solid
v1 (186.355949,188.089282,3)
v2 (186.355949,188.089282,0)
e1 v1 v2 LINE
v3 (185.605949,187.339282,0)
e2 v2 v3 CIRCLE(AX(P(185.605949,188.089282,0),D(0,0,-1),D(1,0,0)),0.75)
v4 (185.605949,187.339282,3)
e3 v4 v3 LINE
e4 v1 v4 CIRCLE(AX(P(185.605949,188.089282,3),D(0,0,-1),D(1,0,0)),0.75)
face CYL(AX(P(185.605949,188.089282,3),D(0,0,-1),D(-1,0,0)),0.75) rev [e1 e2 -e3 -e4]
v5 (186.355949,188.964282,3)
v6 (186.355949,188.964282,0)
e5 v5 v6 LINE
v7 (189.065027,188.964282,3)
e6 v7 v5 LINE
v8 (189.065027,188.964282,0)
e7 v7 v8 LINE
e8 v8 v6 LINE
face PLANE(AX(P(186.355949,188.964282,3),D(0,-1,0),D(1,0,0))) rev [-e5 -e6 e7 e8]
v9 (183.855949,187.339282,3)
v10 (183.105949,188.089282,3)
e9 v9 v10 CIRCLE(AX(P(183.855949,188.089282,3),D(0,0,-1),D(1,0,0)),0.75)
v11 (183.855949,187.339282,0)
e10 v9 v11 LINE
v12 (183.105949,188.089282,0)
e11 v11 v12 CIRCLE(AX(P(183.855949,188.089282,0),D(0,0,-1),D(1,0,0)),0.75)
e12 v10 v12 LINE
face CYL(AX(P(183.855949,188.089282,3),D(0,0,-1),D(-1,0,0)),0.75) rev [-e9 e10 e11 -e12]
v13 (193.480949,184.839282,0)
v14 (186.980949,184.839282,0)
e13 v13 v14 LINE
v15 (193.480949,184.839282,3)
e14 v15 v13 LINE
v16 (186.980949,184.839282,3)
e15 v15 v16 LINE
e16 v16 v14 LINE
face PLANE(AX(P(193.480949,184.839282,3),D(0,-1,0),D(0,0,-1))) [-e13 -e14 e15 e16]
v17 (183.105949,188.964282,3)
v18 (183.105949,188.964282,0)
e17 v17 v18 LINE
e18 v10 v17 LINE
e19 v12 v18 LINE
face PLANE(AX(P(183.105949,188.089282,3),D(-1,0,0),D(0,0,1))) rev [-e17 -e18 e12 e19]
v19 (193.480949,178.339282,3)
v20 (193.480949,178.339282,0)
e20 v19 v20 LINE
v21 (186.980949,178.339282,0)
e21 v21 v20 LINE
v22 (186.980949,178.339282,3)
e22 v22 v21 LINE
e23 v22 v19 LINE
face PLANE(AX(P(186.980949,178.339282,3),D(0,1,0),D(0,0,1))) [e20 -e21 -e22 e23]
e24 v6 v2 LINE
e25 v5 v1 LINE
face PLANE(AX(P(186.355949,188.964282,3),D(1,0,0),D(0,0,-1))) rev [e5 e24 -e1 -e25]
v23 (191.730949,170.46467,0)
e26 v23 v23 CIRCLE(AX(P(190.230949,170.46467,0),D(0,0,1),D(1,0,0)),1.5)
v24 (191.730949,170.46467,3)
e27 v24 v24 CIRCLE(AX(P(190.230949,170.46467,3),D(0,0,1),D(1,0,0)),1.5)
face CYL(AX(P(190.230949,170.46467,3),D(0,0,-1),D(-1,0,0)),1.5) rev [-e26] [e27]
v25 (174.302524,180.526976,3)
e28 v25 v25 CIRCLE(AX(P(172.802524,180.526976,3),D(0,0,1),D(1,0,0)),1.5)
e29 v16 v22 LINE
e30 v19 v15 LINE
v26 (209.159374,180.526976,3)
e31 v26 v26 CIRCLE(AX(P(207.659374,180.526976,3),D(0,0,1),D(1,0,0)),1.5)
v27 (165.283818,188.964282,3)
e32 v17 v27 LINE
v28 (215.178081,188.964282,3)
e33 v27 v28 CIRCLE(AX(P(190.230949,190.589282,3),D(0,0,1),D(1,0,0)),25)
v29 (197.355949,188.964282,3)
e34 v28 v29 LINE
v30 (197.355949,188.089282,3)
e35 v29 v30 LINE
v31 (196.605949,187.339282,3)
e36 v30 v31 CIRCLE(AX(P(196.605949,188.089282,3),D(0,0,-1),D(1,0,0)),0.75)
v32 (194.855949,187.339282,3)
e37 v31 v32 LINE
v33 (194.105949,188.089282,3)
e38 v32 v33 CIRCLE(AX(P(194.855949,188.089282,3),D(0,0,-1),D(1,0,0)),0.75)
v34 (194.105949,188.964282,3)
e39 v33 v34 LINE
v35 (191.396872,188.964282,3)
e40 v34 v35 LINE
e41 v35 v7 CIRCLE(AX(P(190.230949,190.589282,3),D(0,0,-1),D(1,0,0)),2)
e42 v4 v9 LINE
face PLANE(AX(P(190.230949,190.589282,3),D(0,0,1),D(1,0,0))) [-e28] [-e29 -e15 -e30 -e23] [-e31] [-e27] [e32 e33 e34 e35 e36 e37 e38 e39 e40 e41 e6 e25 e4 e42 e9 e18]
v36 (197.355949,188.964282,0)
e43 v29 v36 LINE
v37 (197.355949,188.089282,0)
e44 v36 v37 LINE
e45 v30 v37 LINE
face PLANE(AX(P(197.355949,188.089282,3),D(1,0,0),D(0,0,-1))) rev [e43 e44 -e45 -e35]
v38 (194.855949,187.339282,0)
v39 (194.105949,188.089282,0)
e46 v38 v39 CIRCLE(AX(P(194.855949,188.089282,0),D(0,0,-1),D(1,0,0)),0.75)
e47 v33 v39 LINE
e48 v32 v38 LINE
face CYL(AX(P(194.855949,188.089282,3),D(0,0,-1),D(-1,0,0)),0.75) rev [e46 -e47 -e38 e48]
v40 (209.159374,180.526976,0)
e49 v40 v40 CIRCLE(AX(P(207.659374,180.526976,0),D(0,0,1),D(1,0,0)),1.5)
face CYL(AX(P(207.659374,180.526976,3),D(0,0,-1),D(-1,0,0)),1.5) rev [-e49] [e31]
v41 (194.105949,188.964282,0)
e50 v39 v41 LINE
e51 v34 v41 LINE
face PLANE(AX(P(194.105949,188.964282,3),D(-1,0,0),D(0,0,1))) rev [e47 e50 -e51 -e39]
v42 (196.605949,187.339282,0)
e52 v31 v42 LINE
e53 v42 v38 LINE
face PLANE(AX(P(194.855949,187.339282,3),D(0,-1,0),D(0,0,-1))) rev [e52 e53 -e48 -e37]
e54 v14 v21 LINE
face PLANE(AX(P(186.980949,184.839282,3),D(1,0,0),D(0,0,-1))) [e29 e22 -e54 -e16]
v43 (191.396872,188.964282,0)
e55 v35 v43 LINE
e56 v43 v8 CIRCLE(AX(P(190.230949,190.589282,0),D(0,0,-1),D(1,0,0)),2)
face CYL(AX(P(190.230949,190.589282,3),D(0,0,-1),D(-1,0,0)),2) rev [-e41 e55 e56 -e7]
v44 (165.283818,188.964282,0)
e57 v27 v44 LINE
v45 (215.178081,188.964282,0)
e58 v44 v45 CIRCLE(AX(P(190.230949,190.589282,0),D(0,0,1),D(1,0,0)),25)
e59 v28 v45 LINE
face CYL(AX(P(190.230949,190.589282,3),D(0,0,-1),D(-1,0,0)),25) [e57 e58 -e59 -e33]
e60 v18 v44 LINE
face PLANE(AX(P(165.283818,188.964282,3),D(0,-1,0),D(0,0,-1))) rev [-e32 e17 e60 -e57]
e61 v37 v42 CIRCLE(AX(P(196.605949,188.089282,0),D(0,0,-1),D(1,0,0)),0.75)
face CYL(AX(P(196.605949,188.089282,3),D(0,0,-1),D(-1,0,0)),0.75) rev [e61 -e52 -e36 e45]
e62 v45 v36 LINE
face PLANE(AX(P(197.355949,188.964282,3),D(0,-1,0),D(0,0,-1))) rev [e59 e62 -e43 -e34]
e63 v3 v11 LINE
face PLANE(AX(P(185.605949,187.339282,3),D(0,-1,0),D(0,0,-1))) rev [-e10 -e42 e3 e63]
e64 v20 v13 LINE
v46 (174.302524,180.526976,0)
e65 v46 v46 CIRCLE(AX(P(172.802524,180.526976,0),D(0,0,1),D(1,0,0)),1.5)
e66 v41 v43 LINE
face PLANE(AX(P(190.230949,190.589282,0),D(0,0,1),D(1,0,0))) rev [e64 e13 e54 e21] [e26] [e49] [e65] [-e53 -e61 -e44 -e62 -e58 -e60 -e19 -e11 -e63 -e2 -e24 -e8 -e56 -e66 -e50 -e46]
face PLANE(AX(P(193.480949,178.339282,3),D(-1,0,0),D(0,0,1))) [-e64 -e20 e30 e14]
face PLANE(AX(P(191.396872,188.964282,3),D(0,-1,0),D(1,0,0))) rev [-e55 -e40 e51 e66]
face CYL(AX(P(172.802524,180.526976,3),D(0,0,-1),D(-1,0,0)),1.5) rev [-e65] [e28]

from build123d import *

# Parameters (mm, degrees)
MODEL_R                 = 1.5
MODEL_W                 = 6.5
MODEL_H                 = 6.5
SALIENTE_EXTRUIR1_DEPTH = 3


with BuildPart() as part:
    # Model → Saliente-Extruir1 (new body)
    with BuildSketch(Plane.XY):
        with BuildLine():
            Line((191.396871733, 188.964281637), (194.105949351, 188.964281637))
            Line((194.105949351, 188.964281637), (194.105949351, 188.089281637))
            ThreePointArc((194.105949351, 188.089281637), (194.325619265, 187.558951551), (194.855949351, 187.339281637))
            Line((194.855949351, 187.339281637), (196.605949351, 187.339281637))
            ThreePointArc((196.605949351, 187.339281637), (197.136279437, 187.558951551), (197.355949351, 188.089281637))
            Line((197.355949351, 188.089281637), (197.355949351, 188.964281637))
            Line((197.355949351, 188.964281637), (215.17808095, 188.964281637))
            ThreePointArc((215.17808095, 188.964281637), (208.476468276, 173.498317967), (193.480949351, 165.80143179))
            ThreePointArc((193.480949351, 165.80143179), (174.362087289, 171.27143453), (165.283817753, 188.964281637))
            Line((165.283817753, 188.964281637), (183.105949351, 188.964281637))
            Line((183.105949351, 188.964281637), (183.105949351, 188.089281637))
            ThreePointArc((183.105949351, 188.089281637), (183.325619265, 187.558951551), (183.855949351, 187.339281637))
            Line((183.855949351, 187.339281637), (185.605949351, 187.339281637))
            ThreePointArc((185.605949351, 187.339281637), (186.136279437, 187.558951551), (186.355949351, 188.089281637))
            Line((186.355949351, 188.089281637), (186.355949351, 188.964281637))
            Line((186.355949351, 188.964281637), (189.06502697, 188.964281637))
            ThreePointArc((189.06502697, 188.964281637), (190.230949351, 188.589281637), (191.396871733, 188.964281637))
        make_face()
        with Locations((172.802524293, 180.526975738)):
            Circle(MODEL_R, mode=Mode.SUBTRACT)
        with Locations((190.230949351, 170.464669839)):
            Circle(MODEL_R, mode=Mode.SUBTRACT)
        with Locations((207.659374409, 180.526975738)):
            Circle(MODEL_R, mode=Mode.SUBTRACT)
        with Locations((190.230949351, 181.589281637)):
            Rectangle(MODEL_W, MODEL_H, mode=Mode.SUBTRACT)
    extrude(amount=SALIENTE_EXTRUIR1_DEPTH)


solid = part.part
